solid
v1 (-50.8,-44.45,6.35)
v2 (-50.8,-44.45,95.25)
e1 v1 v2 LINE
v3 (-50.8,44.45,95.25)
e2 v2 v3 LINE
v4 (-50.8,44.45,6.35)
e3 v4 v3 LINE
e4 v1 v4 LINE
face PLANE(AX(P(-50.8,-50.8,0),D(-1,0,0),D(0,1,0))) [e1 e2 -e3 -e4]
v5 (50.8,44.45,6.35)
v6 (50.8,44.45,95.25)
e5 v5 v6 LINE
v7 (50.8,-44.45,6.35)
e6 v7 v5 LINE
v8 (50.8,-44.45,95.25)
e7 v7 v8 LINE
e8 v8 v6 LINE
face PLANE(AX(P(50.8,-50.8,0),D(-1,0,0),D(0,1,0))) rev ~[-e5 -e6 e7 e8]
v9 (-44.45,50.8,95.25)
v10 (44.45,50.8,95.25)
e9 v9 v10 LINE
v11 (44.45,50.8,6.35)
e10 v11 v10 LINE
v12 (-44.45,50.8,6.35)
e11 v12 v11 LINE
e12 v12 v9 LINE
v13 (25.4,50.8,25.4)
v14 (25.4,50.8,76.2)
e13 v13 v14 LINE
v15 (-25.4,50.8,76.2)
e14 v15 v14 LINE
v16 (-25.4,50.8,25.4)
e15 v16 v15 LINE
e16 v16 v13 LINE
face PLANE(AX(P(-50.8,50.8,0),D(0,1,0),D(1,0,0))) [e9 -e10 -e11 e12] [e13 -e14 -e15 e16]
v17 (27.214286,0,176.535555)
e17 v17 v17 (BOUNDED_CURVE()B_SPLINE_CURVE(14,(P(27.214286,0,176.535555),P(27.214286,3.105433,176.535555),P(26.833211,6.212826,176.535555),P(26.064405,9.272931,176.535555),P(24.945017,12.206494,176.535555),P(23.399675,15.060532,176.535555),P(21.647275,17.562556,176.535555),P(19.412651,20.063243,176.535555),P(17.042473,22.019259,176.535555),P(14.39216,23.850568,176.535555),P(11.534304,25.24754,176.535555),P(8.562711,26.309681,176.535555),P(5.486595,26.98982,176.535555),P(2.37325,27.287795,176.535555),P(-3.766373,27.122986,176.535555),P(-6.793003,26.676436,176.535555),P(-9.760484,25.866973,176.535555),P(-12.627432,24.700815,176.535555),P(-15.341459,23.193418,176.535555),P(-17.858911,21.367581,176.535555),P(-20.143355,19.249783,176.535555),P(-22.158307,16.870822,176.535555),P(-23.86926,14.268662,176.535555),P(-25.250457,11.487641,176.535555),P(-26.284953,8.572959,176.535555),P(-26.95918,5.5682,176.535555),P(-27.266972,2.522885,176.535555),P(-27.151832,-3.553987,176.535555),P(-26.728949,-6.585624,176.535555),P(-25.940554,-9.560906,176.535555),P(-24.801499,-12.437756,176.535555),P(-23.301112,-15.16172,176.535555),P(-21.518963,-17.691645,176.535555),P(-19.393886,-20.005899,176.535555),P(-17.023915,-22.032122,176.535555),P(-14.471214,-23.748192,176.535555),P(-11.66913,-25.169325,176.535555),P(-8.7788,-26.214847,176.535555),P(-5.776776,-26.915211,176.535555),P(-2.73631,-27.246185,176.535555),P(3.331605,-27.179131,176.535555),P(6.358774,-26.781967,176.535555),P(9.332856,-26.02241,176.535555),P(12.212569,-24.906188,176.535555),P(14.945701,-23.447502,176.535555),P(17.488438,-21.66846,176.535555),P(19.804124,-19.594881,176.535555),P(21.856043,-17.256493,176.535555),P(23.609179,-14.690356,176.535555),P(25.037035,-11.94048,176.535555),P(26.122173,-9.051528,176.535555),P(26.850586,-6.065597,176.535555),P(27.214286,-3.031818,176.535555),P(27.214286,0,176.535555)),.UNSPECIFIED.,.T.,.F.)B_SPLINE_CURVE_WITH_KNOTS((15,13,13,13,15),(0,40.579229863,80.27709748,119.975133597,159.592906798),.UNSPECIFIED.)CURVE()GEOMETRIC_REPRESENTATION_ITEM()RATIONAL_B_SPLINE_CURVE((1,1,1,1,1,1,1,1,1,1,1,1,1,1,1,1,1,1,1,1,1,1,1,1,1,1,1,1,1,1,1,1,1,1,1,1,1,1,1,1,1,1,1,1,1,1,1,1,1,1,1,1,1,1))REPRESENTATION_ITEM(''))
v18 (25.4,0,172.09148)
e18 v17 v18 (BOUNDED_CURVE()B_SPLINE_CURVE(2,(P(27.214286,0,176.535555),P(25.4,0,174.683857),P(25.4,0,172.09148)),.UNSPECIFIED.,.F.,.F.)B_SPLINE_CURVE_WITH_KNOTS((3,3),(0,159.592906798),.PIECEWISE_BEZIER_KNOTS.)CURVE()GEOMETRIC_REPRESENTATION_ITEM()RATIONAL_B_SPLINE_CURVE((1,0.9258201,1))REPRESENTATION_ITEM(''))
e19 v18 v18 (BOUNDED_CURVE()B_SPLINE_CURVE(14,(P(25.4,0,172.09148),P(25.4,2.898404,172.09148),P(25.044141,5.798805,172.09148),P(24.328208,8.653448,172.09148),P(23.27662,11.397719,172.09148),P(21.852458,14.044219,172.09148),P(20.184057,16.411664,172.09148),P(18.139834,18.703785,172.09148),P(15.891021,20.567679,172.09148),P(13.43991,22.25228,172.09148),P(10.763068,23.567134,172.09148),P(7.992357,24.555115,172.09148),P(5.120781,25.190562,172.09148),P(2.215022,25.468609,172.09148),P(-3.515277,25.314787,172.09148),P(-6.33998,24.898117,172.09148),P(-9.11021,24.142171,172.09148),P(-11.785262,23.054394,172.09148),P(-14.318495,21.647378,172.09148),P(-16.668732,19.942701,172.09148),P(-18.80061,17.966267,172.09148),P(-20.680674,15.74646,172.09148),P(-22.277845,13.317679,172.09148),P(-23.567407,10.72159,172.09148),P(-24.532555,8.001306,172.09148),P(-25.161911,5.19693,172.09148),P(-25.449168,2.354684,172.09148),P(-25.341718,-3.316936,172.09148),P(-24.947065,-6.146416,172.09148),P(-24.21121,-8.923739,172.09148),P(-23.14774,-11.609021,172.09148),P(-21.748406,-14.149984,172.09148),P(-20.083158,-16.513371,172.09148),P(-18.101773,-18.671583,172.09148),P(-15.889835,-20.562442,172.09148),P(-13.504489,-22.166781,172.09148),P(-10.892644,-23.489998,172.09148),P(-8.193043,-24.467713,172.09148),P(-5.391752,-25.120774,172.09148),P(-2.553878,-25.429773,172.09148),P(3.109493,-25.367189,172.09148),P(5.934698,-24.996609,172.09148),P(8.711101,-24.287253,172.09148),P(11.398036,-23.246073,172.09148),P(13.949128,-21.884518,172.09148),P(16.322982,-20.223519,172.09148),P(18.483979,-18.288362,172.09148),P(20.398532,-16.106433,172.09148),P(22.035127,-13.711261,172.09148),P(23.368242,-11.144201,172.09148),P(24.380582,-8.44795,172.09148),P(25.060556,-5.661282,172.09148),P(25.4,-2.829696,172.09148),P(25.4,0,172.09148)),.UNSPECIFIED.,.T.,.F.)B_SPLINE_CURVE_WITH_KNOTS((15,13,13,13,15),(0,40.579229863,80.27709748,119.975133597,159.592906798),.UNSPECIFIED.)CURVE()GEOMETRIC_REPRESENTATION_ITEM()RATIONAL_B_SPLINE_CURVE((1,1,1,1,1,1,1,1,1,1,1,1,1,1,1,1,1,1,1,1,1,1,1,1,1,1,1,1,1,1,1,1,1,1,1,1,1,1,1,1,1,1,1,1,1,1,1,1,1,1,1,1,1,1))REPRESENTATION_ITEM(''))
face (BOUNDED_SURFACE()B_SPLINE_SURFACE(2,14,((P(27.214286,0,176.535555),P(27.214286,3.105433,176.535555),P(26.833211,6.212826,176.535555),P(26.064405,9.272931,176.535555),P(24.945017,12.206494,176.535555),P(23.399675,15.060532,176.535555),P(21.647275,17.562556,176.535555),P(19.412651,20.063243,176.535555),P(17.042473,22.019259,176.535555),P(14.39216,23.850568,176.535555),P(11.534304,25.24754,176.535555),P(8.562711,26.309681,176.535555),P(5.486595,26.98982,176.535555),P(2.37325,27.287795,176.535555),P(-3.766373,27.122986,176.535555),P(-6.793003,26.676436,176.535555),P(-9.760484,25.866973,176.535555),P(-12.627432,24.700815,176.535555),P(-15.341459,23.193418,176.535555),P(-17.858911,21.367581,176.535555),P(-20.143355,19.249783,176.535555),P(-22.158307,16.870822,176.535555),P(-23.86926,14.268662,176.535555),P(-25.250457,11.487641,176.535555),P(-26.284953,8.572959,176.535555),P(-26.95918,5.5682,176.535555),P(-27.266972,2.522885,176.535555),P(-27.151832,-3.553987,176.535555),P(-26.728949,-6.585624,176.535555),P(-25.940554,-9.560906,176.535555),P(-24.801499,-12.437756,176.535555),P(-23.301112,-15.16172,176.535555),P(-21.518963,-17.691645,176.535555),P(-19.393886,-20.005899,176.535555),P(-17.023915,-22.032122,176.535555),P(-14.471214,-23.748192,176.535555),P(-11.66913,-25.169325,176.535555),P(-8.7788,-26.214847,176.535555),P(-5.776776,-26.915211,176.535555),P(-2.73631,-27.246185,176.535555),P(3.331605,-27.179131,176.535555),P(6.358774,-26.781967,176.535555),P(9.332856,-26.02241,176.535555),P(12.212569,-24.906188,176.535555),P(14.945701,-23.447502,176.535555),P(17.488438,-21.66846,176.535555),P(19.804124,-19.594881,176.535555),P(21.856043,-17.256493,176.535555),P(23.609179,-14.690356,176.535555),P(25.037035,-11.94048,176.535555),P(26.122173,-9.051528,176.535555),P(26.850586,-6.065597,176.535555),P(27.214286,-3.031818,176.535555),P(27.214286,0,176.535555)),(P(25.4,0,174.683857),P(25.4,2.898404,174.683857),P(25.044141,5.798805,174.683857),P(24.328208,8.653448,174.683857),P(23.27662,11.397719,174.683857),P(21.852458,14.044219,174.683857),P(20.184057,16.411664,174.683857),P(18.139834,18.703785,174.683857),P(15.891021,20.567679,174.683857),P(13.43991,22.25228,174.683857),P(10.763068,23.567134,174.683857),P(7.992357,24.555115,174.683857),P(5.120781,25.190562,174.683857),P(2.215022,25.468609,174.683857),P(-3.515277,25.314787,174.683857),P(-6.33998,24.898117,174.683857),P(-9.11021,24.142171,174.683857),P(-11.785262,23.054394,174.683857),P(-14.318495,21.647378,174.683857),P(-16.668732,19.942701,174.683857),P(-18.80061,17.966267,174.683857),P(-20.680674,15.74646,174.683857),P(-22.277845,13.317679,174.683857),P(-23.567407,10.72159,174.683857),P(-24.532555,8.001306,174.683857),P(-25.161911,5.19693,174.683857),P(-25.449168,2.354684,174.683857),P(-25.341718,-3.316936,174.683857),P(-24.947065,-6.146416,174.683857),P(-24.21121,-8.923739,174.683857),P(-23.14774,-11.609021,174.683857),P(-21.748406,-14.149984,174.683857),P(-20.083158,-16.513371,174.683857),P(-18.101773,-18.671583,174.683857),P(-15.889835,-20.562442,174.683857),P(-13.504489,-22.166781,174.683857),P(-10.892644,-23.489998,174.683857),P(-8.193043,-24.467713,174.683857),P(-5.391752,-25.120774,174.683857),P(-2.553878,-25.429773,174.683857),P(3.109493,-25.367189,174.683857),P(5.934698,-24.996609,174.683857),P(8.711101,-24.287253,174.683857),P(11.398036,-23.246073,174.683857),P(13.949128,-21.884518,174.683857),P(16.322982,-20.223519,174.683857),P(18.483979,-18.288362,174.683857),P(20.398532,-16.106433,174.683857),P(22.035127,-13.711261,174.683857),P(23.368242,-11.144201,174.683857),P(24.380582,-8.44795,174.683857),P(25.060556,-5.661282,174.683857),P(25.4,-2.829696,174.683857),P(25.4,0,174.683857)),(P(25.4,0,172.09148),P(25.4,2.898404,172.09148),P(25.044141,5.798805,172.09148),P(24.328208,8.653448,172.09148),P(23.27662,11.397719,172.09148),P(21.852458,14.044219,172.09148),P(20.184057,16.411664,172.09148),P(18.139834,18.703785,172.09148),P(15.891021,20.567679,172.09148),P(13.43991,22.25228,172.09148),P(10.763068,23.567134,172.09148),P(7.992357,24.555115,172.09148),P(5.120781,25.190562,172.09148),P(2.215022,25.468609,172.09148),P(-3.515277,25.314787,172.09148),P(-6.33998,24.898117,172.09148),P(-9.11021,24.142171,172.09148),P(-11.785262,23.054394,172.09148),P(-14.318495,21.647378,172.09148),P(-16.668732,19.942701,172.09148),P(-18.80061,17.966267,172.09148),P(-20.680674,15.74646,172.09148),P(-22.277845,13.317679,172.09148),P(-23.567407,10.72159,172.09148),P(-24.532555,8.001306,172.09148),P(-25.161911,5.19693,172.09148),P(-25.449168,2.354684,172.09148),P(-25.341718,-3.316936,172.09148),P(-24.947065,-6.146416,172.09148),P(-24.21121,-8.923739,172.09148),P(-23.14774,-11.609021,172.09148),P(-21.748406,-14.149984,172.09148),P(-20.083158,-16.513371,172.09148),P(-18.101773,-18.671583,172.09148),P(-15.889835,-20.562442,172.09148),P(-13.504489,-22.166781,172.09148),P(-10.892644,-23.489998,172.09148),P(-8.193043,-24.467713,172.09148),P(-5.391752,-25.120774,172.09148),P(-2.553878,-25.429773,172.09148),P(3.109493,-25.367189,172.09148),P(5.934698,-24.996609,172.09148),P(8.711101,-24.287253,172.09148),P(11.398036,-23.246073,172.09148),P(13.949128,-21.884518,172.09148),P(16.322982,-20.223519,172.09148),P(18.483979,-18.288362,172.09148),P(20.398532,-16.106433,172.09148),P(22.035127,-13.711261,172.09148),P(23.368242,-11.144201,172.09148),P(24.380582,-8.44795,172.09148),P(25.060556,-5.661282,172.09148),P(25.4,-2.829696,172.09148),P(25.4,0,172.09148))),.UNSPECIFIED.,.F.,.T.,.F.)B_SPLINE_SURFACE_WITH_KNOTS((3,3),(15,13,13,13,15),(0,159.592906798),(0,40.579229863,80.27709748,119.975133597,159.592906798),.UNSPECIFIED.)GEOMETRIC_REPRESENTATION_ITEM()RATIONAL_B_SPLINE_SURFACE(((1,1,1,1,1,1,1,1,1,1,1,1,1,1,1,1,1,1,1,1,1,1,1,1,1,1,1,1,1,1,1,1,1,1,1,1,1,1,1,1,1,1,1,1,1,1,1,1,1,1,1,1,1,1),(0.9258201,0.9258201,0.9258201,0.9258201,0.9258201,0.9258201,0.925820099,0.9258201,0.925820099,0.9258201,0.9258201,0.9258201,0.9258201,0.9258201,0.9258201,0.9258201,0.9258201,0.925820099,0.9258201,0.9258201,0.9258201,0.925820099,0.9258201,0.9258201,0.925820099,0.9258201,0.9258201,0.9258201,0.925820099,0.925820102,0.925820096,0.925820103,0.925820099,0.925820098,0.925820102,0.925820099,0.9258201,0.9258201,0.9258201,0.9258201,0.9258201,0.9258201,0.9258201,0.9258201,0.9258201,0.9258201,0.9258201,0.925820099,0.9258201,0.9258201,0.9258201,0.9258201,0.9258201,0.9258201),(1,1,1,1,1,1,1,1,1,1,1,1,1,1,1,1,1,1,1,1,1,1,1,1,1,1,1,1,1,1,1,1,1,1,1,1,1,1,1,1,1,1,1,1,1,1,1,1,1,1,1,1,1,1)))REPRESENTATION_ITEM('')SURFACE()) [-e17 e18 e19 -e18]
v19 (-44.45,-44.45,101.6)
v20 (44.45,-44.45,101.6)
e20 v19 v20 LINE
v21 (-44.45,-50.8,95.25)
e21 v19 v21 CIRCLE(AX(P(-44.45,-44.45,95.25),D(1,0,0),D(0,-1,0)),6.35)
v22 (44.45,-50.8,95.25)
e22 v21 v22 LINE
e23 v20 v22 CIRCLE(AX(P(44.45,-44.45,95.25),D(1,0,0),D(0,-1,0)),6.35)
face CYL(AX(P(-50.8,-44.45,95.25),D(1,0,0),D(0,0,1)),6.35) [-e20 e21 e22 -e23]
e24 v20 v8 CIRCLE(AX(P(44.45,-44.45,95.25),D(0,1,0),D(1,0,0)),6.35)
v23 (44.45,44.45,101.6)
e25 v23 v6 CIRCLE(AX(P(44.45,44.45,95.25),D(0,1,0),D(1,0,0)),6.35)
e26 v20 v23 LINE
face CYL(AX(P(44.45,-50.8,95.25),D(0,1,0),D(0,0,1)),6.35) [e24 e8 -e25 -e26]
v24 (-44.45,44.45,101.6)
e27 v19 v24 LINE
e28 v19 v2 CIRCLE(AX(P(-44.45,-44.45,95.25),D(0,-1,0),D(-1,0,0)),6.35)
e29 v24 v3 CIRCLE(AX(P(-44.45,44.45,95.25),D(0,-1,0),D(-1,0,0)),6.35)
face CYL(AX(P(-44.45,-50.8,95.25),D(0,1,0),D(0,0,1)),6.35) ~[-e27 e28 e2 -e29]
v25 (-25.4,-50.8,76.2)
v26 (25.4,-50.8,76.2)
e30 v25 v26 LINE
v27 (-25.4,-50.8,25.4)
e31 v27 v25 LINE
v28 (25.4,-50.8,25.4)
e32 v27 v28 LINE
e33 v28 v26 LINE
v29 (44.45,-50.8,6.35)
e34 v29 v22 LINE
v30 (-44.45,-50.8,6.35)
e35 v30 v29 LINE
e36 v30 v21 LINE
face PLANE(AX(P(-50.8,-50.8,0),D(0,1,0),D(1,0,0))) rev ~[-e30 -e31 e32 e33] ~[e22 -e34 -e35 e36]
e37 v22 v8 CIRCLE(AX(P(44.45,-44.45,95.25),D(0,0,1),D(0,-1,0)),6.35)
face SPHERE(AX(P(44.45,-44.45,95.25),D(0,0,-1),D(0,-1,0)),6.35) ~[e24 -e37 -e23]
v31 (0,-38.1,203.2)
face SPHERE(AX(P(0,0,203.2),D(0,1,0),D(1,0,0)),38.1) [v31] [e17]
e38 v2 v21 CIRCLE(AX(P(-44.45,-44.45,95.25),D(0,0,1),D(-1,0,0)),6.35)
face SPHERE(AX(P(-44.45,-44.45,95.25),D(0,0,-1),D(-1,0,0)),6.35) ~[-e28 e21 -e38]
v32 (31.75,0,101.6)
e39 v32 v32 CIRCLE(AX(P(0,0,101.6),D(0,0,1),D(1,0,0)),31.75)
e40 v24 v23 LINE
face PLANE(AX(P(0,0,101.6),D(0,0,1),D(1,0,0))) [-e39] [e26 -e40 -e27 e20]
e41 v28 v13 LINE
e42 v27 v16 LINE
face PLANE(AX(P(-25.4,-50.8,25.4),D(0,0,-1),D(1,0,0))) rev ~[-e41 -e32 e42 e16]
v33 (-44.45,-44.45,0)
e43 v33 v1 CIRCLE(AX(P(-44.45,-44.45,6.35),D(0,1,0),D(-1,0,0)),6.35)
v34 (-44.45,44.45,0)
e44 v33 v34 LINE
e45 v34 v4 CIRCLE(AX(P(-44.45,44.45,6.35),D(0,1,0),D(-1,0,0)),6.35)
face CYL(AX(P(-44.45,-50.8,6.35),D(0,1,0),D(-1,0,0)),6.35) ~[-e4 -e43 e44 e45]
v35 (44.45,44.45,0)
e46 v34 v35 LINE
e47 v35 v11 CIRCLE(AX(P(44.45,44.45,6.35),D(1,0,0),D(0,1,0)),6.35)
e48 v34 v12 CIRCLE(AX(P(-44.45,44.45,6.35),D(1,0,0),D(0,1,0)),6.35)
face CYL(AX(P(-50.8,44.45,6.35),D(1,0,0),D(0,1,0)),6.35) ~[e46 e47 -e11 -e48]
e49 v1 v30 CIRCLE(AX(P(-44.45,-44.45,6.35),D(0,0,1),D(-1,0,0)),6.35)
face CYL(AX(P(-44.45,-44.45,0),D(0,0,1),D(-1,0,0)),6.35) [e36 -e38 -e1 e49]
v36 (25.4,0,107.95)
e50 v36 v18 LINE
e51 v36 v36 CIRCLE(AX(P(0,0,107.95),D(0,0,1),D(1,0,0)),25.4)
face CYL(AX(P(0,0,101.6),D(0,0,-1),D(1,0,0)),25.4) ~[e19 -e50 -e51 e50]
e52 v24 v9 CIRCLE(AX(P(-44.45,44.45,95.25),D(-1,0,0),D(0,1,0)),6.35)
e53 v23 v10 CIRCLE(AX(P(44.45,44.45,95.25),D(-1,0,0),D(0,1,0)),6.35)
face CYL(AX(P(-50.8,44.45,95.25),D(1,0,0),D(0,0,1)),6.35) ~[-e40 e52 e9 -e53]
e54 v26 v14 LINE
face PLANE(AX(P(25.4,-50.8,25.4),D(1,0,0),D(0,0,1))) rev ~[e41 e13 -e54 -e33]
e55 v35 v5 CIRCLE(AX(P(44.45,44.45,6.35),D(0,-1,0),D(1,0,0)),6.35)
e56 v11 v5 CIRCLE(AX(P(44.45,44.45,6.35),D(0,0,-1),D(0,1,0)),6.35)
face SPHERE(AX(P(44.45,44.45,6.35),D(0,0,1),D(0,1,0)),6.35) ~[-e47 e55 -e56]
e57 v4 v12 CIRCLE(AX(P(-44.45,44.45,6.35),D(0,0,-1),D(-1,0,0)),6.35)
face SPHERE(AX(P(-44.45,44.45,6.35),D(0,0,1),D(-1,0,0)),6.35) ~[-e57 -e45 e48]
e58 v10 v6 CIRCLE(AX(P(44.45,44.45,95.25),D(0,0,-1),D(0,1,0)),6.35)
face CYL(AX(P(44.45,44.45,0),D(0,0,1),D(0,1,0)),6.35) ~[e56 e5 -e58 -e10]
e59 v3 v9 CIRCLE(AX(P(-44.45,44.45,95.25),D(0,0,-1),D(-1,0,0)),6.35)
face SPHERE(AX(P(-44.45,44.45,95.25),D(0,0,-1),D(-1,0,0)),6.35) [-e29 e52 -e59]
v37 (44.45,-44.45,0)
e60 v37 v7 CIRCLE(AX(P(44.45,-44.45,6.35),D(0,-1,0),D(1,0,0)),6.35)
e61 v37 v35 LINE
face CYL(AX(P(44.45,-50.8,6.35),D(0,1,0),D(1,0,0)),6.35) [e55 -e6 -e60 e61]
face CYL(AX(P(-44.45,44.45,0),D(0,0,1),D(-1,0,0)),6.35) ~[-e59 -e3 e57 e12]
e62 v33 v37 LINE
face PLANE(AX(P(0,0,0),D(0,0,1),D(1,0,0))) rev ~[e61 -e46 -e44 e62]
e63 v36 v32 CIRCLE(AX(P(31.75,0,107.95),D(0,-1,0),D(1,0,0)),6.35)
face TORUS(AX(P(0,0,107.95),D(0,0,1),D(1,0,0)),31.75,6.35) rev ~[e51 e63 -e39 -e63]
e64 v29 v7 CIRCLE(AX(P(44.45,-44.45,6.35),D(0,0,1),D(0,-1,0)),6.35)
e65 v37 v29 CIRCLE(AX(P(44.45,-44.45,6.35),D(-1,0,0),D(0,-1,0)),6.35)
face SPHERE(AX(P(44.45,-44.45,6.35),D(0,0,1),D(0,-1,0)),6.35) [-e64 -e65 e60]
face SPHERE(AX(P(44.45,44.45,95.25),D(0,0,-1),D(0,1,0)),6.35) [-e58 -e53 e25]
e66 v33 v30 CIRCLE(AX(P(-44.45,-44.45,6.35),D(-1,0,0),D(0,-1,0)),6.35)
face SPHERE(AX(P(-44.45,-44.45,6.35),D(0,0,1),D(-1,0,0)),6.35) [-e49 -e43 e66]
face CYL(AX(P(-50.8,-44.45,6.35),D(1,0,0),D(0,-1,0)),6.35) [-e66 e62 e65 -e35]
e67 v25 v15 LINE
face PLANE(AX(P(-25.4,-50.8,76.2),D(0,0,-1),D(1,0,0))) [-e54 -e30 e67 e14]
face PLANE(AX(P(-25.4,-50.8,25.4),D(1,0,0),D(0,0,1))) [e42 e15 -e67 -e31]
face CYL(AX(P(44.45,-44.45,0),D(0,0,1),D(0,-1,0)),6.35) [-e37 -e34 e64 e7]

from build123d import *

# Parameters (mm, degrees)
F0_W     = 101.6
F0_H     = 101.6
F1_DEPTH = 101.6
F2_R     = 25.4
F3_DEPTH = 101.6
F6_W     = 50.8
F6_H     = 50.8
F7_DEPTH = 101.6
F8_R     = 6.35


with BuildPart() as f1:
    # F0 (on Top) → F1 (new body)
    with BuildSketch(Plane.XY):
        Rectangle(F0_W, F0_H)
    extrude(amount=F1_DEPTH)

    # F2 (on face) → F3 (join)
    with BuildSketch(Plane.XY.offset(101.6)):
        Circle(F2_R)
    extrude(amount=F3_DEPTH)

    # F4 (on face) → F5 (revolve)
    with BuildSketch(Plane.XY.offset(203.2)):
        with BuildLine():
            Line((0, 0), (0, -25.4))
            ThreePointArc((0, -25.4), (17.9605122421, -17.9605122421), (25.4, 0))
            ThreePointArc((25.4, 0), (17.9605122421, 17.9605122421), (0, 25.4))
            Line((0, 25.4), (0, 0))
        make_face()
        with BuildLine():
            Line((0, -25.4), (0, -38.1))
            ThreePointArc((0, -38.1), (38.1, 0), (0, 38.1))
            Line((0, 38.1), (0, 25.4))
            ThreePointArc((0, 25.4), (17.9605122421, 17.9605122421), (25.4, 0))
            ThreePointArc((25.4, 0), (17.9605122421, -17.9605122421), (0, -25.4))
        make_face()
    revolve(axis=Axis((0, -19.05, 203.2), (0, 1, 0)))

    # F6 (on face) → F7 (cut)
    with BuildSketch(Plane.XZ.offset(50.8)):
        with Locations((0, 50.8)):
            Rectangle(F6_W, F6_H)
    extrude(amount=-F7_DEPTH, mode=Mode.SUBTRACT)

    # F8
    f8_edges = [f1.edges().sort_by_distance(p)[0] for p in [
        (50.8, 50.8, 50.8),
        (-50.8, 50.8, 50.8),
        (50.8, -50.8, 50.8),
        (-50.8, -50.8, 50.8),
        (-50.8, 0, 0),
        (-50.8, 0, 101.6),
        (0, 50.8, 0),
        (0, 50.8, 101.6),
        (0, -50.8, 101.6),
        (0, -50.8, 0),
        (50.8, 0, 101.6),
        (50.8, 0, 0),
        (-25.4, 0, 101.6),
        (-25.4, 0, 174.801937),
    ]]
    fillet(f8_edges, radius=F8_R)


solid = f1.part
